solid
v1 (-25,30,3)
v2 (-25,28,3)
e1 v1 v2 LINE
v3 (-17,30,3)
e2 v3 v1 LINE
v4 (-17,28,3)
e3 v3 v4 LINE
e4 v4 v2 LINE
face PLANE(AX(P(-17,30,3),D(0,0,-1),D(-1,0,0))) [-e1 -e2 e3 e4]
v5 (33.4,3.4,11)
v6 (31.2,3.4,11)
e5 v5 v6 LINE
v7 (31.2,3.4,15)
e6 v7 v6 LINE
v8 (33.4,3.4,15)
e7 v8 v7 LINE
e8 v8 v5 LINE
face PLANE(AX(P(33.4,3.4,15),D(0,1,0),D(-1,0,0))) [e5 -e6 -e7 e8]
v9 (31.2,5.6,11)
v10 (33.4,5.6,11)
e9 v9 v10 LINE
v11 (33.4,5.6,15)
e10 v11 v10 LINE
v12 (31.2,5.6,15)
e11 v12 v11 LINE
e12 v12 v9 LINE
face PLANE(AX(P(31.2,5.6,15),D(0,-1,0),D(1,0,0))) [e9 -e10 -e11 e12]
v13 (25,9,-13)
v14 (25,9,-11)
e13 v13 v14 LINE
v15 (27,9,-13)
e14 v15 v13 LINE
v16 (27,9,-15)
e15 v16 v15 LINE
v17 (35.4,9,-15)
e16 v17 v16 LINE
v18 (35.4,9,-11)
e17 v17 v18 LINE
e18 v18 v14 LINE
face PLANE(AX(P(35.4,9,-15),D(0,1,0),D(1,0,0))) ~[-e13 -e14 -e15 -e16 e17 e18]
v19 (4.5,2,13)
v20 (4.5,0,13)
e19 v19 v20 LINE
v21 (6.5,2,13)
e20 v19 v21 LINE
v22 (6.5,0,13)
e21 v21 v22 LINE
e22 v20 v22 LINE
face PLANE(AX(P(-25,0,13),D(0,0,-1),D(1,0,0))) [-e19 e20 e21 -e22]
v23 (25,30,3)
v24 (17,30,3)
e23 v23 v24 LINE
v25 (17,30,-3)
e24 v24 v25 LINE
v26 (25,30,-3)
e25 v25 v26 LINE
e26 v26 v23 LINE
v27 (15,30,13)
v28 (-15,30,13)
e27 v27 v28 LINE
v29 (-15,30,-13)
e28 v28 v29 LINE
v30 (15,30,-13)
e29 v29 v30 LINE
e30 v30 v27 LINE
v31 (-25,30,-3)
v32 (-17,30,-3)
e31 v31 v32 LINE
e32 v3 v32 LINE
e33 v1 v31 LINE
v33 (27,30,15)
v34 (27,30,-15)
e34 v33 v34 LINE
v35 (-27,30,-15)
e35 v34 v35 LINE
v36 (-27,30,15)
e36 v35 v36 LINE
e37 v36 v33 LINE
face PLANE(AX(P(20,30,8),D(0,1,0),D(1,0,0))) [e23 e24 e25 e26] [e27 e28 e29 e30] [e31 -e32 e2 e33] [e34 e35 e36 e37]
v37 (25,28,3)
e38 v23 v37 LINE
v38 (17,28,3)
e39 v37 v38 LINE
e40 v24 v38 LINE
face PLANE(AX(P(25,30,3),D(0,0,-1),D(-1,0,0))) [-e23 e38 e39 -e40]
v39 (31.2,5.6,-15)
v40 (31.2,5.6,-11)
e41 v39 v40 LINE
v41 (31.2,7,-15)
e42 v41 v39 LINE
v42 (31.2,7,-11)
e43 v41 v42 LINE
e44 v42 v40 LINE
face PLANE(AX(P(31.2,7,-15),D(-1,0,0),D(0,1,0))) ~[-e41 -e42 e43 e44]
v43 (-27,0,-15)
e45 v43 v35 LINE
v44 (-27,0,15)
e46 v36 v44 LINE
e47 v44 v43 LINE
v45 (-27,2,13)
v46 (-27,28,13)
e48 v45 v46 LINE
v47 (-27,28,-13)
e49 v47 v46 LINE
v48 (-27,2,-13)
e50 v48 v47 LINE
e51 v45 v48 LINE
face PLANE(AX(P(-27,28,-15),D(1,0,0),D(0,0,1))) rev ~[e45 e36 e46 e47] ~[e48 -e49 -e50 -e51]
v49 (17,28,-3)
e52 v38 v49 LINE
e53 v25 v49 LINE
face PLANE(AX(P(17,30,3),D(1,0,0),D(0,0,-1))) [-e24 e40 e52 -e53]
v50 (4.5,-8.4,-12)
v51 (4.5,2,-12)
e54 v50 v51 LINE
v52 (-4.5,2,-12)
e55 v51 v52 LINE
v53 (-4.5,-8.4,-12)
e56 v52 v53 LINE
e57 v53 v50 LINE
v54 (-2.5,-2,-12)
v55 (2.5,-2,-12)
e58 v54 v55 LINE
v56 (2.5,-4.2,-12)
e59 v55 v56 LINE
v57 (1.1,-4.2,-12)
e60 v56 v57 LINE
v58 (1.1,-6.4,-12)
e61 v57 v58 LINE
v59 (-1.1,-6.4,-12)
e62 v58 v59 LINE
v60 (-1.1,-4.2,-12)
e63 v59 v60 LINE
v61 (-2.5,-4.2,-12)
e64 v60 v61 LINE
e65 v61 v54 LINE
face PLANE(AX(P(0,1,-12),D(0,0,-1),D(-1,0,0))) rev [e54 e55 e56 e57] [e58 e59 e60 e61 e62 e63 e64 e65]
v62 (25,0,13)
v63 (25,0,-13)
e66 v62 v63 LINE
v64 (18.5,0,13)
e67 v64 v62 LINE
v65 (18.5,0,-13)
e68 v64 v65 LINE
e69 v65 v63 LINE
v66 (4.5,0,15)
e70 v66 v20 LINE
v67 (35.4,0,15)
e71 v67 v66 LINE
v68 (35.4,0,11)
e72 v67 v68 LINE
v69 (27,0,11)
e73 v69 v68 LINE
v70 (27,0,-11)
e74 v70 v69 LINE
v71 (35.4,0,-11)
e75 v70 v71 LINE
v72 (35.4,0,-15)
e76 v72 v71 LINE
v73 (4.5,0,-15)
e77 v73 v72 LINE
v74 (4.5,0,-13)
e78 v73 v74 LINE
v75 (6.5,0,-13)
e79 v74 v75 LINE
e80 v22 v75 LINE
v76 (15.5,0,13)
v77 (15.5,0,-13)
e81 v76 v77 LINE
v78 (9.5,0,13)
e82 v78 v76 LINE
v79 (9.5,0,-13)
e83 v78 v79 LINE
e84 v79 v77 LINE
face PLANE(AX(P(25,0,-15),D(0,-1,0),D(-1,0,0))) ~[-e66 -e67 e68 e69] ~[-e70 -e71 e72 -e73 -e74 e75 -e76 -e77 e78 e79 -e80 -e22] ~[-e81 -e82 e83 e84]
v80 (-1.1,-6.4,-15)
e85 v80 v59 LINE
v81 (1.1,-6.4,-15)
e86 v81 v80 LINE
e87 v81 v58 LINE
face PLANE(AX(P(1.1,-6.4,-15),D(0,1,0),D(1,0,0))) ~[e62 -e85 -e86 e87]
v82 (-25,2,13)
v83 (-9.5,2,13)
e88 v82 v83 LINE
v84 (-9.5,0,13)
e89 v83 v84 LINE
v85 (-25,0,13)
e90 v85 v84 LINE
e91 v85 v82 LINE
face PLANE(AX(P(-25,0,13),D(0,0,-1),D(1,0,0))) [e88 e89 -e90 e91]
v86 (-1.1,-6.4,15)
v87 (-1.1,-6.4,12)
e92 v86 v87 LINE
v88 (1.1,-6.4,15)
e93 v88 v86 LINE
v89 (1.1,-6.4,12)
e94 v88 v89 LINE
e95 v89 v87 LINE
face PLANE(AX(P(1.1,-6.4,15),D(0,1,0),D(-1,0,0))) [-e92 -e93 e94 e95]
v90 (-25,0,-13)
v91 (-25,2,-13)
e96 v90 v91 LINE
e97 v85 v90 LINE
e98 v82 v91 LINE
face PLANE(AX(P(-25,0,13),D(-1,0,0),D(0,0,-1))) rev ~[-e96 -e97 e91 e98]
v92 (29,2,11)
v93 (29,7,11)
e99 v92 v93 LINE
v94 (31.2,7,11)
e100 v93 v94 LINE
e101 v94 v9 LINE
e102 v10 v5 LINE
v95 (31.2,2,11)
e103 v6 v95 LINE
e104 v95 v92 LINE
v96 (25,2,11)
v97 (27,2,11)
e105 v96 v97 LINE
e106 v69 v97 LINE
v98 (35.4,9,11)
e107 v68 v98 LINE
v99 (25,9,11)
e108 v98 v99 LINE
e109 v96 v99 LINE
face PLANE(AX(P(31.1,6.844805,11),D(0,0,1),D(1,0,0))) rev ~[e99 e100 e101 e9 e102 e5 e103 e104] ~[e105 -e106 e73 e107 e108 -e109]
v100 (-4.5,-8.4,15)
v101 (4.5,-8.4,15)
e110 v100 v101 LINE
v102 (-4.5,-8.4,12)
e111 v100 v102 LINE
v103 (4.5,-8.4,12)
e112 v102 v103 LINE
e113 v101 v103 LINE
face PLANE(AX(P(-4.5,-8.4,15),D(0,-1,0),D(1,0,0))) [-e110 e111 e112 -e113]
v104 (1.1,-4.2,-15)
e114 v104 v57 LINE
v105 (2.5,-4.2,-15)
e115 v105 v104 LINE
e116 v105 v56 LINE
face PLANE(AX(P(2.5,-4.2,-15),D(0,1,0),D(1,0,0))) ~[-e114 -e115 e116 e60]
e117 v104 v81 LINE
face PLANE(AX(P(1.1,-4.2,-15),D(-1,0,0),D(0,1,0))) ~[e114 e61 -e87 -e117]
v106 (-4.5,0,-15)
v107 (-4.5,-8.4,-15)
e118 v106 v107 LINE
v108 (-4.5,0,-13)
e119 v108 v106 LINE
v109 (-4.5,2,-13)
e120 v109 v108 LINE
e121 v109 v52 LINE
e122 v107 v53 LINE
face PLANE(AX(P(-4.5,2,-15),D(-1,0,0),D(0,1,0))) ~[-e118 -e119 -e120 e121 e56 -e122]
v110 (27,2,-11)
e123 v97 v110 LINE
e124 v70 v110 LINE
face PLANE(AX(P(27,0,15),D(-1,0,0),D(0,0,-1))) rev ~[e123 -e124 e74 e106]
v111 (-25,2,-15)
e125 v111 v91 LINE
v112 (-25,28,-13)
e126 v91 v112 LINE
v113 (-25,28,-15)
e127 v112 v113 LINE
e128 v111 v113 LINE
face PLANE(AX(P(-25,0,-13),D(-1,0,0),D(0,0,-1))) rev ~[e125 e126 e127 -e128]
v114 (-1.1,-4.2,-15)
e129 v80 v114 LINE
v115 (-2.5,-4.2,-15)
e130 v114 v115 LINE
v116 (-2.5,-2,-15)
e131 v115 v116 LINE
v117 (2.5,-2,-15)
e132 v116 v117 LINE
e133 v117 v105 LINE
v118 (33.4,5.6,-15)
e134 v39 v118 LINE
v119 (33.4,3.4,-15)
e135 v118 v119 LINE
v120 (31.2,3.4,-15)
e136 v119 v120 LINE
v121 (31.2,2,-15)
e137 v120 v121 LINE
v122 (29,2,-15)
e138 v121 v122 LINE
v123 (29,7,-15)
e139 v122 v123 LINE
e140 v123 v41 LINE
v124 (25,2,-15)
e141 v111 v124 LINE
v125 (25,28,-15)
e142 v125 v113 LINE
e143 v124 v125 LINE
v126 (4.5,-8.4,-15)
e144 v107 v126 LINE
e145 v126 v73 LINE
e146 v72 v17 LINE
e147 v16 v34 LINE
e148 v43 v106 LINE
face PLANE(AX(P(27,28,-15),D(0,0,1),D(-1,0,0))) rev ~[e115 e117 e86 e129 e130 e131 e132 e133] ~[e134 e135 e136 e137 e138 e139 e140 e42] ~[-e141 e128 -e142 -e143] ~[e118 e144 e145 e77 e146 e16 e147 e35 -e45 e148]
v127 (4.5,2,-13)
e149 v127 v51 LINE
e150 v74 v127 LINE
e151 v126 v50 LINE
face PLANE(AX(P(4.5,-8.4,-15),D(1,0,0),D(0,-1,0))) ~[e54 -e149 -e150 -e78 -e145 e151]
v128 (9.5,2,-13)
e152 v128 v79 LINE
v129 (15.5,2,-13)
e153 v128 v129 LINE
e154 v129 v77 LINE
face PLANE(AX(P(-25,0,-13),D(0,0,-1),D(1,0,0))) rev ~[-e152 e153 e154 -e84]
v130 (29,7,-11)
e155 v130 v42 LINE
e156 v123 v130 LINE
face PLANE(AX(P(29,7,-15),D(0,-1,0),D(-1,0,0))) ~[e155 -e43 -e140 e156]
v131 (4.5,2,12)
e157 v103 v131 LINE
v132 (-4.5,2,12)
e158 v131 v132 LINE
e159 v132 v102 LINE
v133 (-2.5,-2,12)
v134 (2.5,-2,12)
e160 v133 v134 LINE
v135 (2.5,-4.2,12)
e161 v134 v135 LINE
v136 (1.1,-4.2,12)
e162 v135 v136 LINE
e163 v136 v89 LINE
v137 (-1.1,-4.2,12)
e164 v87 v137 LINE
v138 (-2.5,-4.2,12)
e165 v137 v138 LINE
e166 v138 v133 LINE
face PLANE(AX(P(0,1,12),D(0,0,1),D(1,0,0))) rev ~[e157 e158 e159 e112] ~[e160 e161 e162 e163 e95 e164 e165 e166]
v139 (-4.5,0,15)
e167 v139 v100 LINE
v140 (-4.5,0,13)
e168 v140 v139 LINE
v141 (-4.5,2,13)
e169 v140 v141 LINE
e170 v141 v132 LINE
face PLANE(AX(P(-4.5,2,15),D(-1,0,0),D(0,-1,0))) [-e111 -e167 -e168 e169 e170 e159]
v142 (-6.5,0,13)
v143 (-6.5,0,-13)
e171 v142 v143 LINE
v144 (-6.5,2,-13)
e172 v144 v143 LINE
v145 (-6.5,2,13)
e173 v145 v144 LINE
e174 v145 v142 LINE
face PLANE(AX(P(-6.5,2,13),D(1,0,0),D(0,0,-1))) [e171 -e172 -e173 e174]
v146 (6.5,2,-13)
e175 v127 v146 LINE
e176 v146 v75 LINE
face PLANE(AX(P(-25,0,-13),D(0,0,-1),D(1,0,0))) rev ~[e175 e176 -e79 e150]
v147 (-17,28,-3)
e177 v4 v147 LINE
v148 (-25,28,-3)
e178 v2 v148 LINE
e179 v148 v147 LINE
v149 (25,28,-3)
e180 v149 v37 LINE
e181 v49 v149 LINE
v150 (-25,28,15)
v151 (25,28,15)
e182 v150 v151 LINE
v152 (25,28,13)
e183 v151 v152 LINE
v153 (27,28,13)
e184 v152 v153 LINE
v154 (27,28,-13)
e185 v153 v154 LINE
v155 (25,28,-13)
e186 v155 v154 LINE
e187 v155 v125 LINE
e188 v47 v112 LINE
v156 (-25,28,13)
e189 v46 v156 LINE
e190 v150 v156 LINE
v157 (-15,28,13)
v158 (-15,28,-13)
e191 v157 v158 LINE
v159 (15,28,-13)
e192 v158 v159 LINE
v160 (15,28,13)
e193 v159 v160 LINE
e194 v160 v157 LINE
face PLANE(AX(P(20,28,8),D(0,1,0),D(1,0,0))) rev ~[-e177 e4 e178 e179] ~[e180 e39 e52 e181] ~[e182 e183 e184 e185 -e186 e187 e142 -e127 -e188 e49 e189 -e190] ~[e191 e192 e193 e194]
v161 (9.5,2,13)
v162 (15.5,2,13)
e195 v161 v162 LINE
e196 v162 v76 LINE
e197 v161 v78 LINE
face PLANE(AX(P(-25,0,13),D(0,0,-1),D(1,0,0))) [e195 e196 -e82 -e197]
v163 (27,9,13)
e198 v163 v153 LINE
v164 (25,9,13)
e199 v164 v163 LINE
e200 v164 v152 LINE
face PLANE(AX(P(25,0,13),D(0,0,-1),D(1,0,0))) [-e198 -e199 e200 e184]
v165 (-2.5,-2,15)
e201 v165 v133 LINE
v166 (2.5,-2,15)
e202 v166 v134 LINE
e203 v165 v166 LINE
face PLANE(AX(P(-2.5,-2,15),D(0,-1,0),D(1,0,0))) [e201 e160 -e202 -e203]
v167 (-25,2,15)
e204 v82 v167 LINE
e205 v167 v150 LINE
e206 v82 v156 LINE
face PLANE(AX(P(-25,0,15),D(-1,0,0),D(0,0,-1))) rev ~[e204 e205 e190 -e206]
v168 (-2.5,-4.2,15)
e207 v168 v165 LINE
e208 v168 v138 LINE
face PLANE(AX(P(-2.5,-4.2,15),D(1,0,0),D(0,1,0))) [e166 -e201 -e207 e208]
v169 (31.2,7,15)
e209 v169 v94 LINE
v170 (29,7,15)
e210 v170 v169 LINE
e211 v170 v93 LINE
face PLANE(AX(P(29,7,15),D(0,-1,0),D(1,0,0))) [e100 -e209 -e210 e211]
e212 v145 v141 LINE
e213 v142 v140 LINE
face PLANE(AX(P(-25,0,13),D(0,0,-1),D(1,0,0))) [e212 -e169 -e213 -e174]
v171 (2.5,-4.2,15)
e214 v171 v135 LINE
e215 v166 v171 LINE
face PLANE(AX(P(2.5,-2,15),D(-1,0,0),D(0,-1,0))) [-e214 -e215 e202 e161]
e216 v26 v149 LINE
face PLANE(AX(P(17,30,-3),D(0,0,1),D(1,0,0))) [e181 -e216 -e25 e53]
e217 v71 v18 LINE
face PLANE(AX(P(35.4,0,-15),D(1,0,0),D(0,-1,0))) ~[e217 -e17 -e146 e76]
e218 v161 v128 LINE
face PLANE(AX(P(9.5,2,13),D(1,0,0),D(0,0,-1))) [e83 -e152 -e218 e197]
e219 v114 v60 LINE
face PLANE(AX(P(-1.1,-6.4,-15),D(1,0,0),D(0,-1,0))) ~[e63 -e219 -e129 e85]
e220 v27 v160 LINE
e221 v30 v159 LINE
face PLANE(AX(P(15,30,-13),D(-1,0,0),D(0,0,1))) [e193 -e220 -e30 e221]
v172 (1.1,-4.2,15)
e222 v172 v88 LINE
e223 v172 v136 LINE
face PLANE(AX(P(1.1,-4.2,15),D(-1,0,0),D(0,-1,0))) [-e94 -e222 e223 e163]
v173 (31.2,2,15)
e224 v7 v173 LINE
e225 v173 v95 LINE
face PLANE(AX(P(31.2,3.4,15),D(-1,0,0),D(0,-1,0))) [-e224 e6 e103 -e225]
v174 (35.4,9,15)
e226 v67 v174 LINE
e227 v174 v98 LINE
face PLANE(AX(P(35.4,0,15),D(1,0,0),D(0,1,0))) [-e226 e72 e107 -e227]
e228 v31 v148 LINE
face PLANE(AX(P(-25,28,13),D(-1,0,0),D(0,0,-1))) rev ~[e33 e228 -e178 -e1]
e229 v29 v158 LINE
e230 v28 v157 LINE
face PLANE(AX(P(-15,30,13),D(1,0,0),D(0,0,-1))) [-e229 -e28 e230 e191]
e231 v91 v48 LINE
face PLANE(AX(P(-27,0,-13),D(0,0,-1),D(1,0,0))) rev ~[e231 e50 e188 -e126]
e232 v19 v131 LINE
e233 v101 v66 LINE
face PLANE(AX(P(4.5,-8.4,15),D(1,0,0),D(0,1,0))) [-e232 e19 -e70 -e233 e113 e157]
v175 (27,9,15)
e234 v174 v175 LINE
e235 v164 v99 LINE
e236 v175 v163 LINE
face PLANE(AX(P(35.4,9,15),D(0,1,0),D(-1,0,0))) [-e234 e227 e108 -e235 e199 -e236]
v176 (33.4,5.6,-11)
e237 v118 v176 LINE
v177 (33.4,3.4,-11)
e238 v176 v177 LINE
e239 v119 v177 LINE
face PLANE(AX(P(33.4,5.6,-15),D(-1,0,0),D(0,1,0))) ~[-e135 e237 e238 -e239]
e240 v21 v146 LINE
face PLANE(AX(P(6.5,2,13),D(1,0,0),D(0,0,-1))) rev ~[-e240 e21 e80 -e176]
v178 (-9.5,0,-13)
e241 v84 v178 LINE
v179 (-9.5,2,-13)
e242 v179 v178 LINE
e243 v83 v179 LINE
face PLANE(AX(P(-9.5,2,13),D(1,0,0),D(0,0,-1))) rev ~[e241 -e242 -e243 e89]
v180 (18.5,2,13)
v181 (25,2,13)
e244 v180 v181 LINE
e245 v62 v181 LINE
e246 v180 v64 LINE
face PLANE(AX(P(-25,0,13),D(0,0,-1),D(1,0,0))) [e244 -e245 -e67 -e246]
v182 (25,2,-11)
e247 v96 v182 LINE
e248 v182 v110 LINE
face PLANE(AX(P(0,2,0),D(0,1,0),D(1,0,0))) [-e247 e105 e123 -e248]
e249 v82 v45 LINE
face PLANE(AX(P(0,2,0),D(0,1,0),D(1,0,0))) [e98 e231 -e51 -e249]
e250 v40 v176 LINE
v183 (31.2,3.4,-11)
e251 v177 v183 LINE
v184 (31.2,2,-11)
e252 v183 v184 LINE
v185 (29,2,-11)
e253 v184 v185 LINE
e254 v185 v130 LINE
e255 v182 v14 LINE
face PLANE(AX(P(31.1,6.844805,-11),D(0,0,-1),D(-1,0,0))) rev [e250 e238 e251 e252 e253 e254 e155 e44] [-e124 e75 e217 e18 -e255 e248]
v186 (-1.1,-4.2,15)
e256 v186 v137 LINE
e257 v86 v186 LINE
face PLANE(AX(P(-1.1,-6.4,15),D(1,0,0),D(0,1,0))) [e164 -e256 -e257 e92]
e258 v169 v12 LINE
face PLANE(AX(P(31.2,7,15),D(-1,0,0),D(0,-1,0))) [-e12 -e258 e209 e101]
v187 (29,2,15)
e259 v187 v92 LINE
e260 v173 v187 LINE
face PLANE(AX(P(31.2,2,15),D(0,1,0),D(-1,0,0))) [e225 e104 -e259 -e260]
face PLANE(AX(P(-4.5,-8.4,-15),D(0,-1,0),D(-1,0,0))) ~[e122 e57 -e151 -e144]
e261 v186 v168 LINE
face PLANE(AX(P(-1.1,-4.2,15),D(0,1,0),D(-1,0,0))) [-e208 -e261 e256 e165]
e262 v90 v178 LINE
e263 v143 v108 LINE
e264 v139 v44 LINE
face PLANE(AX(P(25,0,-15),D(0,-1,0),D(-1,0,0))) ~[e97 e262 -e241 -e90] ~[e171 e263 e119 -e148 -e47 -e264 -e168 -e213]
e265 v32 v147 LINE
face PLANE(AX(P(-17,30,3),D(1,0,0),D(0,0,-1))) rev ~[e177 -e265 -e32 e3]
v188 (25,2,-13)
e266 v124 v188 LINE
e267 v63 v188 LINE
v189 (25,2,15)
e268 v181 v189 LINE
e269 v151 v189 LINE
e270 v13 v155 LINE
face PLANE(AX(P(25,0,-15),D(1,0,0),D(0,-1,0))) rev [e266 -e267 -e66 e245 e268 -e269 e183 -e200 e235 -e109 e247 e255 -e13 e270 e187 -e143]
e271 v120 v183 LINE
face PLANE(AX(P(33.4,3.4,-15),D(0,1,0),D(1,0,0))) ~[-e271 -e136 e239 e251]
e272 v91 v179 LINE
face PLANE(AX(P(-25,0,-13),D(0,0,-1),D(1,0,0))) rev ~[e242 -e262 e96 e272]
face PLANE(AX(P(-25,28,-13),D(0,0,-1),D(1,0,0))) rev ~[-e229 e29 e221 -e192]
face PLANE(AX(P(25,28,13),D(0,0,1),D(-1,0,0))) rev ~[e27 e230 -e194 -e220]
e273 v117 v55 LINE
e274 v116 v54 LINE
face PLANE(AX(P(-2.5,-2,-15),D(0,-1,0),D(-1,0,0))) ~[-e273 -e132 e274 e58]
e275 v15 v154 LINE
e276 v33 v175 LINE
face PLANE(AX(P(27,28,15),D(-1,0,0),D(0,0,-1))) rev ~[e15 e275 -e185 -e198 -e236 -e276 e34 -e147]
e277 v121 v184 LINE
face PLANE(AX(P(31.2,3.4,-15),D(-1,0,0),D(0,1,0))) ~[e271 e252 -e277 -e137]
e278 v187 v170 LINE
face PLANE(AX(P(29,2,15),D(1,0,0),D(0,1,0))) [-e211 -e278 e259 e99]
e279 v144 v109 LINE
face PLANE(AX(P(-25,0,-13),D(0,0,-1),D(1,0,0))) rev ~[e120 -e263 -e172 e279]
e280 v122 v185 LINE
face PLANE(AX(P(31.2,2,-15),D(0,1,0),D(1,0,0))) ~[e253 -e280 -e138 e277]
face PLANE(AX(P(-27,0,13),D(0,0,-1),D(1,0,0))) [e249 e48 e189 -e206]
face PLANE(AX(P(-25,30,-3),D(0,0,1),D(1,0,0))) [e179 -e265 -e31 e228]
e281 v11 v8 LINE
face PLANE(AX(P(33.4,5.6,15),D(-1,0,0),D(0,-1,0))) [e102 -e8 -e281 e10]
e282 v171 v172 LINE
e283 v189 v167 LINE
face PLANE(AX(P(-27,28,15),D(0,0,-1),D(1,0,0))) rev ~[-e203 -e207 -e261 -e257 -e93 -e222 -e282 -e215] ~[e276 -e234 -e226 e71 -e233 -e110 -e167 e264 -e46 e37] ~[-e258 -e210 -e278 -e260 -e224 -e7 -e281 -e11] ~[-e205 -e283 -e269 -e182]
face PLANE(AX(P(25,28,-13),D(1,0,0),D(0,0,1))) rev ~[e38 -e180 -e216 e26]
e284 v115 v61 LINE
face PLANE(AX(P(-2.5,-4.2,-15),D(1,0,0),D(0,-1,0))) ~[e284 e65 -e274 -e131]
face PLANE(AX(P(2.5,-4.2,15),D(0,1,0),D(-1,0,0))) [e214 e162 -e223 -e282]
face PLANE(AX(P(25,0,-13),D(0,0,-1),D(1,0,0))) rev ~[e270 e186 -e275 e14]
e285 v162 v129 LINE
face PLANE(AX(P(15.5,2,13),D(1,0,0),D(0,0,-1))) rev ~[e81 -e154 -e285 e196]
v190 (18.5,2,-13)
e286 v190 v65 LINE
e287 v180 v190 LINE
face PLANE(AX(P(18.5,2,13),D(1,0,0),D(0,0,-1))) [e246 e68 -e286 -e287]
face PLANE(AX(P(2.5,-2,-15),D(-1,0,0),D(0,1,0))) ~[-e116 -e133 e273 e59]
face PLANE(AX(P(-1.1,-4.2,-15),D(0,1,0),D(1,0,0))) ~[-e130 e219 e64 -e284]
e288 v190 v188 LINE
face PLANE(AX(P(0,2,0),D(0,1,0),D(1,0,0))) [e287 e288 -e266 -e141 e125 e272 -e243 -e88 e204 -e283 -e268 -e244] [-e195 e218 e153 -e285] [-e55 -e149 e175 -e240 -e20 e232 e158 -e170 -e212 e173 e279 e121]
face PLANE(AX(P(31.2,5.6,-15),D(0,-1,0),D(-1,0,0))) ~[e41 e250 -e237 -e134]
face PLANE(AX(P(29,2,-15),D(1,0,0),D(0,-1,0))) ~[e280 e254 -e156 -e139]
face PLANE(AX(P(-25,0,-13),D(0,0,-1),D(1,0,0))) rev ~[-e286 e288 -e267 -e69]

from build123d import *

# Parameters (mm, degrees)
SKETCH1_W           = 54
SKETCH1_H           = 30
SKETCH1_W_2         = 50
SKETCH1_H_2         = 26
BOSS_EXTRUDE1_DEPTH = 2
SKETCH2_W           = 2
SKETCH2_H           = 2
BOSS_EXTRUDE2_DEPTH = 28
SKETCH3_W           = 2
SKETCH3_H           = 9
BOSS_EXTRUDE3_DEPTH = 4
BOSS_EXTRUDE4_DEPTH = 3
SKETCH6_W           = 2
SKETCH6_H           = 2
BOSS_EXTRUDE5_DEPTH = 2
SKETCH10_W          = 3
SKETCH10_H          = 26
BOSS_EXTRUDE7_DEPTH = 2
SKETCH11_W          = 2
SKETCH11_H          = 6
BOSS_EXTRUDE9_DEPTH = 2


with BuildPart() as part:
    # Sketch1 → Boss-Extrude1 (new body)
    with BuildSketch(Plane(origin=(0, 0, 0), x_dir=(1, 0, 0), z_dir=(0, 1, 0))):
        Rectangle(SKETCH1_W, SKETCH1_H)
        Rectangle(SKETCH1_W_2, SKETCH1_H_2, mode=Mode.SUBTRACT)
    extrude(amount=BOSS_EXTRUDE1_DEPTH)

    # Sketch2 → Boss-Extrude2 (add)
    with BuildSketch(Plane(origin=(0, 0, 0), x_dir=(1, 0, 0), z_dir=(0, 1, 0))):
        with Locations((26, 14)):
            Rectangle(SKETCH2_W, SKETCH2_H)
        with Locations((26, -14)):
            Rectangle(SKETCH2_W, SKETCH2_H)
        with Locations((-26, -14)):
            Rectangle(SKETCH2_W, SKETCH2_H)
        with Locations((-26, 14)):
            Rectangle(SKETCH2_W, SKETCH2_H)
    extrude(amount=BOSS_EXTRUDE2_DEPTH)

    # Sketch3 → Boss-Extrude3 (add)
    with BuildSketch(Plane.XY.offset(15)):
        Polygon((27, 9), (27, 4.5), (29, 4.5), (29, 7), (31.2, 7), (31.2, 5.6), (33.4, 5.6), (33.4, 4.5), (35.4, 4.5), (35.4, 9), align=None)
        Polygon((27, 4.5), (27, 0), (35.4, 0), (35.4, 4.5), (33.4, 4.5), (33.4, 3.4), (31.2, 3.4), (31.2, 2), (29, 2), (29, 4.5), align=None)
        with Locations((26, 4.5)):
            Rectangle(SKETCH3_W, SKETCH3_H)
    boss_extrude3 = extrude(amount=-BOSS_EXTRUDE3_DEPTH)

    # Mirror1: Boss-Extrude3 across plane
    add(boss_extrude3.mirror(Plane.XY))

    # Sketch4 → Boss-Extrude4 (add)
    with BuildSketch(Plane.XY.offset(15)):
        Polygon((-4.5, 0), (0, 0), (4.5, 0), (4.5, 2), (-4.5, 2), align=None)
        Polygon((4.5, 0), (0, 0), (-4.5, 0), (-4.5, -8.4), (0, -8.4), (4.5, -8.4), align=None)
        Polygon((1.1, -6.4), (0, -6.4), (-1.1, -6.4), (-1.1, -4.2), (-2.5, -4.2), (-2.5, -2), (2.5, -2), (2.5, -4.2), (1.1, -4.2), align=None, mode=Mode.SUBTRACT)
    boss_extrude4 = extrude(amount=-BOSS_EXTRUDE4_DEPTH)

    # Mirror2: Boss-Extrude4 across plane
    add(boss_extrude4.mirror(Plane.XY))

    # Sketch6 → Boss-Extrude5 (add)
    with BuildSketch(Plane(origin=(0, 28, 0), x_dir=(1, 0, 0), z_dir=(0, 1, 0))):
        with Locations((26, -14)):
            Rectangle(SKETCH6_W, SKETCH6_H)
        Polygon((-27, -15), (25, -15), (25, -13), (27, -13), (27, 15), (-27, 15), align=None)
        Polygon((25, 6), (25, -13), (-25, -13), (-25, -9), (-25, 6), (-25, 9), (-25, 13), (25, 13), (25, 9), align=None, mode=Mode.SUBTRACT)
    extrude(amount=BOSS_EXTRUDE5_DEPTH)

    # Sketch10 → Boss-Extrude7 (add)
    with BuildSketch(Plane(origin=(0, 2, 0), x_dir=(1, 0, 0), z_dir=(0, 1, 0))):
        with Locations((8, 0)):
            Rectangle(SKETCH10_W, SKETCH10_H)
        with Locations((-8, 0)):
            Rectangle(SKETCH10_W, SKETCH10_H)
        with Locations((17, 0)):
            Rectangle(SKETCH10_W, SKETCH10_H)
    extrude(amount=-BOSS_EXTRUDE7_DEPTH)

    # Sketch11 → Boss-Extrude9 (add)
    with BuildSketch(Plane(origin=(0, 30, 0), x_dir=(1, 0, 0), z_dir=(0, 1, 0))):
        Polygon((15, -3), (15, -13), (25, -13), (25, -3), (17, -3), align=None)
        with Locations((16, 0)):
            Rectangle(SKETCH11_W, SKETCH11_H)
        Polygon((15, 13), (15, 3), (17, 3), (25, 3), (25, 13), align=None)
        Polygon((-17, 3), (-15, 3), (-15, 13), (-25, 13), (-25, 3), align=None)
        Polygon((-25, -3), (-25, -13), (-15, -13), (-15, -3), (-17, -3), align=None)
        with Locations((-16, 0)):
            Rectangle(SKETCH11_W, SKETCH11_H)
    extrude(amount=-BOSS_EXTRUDE9_DEPTH)


solid = part.part
